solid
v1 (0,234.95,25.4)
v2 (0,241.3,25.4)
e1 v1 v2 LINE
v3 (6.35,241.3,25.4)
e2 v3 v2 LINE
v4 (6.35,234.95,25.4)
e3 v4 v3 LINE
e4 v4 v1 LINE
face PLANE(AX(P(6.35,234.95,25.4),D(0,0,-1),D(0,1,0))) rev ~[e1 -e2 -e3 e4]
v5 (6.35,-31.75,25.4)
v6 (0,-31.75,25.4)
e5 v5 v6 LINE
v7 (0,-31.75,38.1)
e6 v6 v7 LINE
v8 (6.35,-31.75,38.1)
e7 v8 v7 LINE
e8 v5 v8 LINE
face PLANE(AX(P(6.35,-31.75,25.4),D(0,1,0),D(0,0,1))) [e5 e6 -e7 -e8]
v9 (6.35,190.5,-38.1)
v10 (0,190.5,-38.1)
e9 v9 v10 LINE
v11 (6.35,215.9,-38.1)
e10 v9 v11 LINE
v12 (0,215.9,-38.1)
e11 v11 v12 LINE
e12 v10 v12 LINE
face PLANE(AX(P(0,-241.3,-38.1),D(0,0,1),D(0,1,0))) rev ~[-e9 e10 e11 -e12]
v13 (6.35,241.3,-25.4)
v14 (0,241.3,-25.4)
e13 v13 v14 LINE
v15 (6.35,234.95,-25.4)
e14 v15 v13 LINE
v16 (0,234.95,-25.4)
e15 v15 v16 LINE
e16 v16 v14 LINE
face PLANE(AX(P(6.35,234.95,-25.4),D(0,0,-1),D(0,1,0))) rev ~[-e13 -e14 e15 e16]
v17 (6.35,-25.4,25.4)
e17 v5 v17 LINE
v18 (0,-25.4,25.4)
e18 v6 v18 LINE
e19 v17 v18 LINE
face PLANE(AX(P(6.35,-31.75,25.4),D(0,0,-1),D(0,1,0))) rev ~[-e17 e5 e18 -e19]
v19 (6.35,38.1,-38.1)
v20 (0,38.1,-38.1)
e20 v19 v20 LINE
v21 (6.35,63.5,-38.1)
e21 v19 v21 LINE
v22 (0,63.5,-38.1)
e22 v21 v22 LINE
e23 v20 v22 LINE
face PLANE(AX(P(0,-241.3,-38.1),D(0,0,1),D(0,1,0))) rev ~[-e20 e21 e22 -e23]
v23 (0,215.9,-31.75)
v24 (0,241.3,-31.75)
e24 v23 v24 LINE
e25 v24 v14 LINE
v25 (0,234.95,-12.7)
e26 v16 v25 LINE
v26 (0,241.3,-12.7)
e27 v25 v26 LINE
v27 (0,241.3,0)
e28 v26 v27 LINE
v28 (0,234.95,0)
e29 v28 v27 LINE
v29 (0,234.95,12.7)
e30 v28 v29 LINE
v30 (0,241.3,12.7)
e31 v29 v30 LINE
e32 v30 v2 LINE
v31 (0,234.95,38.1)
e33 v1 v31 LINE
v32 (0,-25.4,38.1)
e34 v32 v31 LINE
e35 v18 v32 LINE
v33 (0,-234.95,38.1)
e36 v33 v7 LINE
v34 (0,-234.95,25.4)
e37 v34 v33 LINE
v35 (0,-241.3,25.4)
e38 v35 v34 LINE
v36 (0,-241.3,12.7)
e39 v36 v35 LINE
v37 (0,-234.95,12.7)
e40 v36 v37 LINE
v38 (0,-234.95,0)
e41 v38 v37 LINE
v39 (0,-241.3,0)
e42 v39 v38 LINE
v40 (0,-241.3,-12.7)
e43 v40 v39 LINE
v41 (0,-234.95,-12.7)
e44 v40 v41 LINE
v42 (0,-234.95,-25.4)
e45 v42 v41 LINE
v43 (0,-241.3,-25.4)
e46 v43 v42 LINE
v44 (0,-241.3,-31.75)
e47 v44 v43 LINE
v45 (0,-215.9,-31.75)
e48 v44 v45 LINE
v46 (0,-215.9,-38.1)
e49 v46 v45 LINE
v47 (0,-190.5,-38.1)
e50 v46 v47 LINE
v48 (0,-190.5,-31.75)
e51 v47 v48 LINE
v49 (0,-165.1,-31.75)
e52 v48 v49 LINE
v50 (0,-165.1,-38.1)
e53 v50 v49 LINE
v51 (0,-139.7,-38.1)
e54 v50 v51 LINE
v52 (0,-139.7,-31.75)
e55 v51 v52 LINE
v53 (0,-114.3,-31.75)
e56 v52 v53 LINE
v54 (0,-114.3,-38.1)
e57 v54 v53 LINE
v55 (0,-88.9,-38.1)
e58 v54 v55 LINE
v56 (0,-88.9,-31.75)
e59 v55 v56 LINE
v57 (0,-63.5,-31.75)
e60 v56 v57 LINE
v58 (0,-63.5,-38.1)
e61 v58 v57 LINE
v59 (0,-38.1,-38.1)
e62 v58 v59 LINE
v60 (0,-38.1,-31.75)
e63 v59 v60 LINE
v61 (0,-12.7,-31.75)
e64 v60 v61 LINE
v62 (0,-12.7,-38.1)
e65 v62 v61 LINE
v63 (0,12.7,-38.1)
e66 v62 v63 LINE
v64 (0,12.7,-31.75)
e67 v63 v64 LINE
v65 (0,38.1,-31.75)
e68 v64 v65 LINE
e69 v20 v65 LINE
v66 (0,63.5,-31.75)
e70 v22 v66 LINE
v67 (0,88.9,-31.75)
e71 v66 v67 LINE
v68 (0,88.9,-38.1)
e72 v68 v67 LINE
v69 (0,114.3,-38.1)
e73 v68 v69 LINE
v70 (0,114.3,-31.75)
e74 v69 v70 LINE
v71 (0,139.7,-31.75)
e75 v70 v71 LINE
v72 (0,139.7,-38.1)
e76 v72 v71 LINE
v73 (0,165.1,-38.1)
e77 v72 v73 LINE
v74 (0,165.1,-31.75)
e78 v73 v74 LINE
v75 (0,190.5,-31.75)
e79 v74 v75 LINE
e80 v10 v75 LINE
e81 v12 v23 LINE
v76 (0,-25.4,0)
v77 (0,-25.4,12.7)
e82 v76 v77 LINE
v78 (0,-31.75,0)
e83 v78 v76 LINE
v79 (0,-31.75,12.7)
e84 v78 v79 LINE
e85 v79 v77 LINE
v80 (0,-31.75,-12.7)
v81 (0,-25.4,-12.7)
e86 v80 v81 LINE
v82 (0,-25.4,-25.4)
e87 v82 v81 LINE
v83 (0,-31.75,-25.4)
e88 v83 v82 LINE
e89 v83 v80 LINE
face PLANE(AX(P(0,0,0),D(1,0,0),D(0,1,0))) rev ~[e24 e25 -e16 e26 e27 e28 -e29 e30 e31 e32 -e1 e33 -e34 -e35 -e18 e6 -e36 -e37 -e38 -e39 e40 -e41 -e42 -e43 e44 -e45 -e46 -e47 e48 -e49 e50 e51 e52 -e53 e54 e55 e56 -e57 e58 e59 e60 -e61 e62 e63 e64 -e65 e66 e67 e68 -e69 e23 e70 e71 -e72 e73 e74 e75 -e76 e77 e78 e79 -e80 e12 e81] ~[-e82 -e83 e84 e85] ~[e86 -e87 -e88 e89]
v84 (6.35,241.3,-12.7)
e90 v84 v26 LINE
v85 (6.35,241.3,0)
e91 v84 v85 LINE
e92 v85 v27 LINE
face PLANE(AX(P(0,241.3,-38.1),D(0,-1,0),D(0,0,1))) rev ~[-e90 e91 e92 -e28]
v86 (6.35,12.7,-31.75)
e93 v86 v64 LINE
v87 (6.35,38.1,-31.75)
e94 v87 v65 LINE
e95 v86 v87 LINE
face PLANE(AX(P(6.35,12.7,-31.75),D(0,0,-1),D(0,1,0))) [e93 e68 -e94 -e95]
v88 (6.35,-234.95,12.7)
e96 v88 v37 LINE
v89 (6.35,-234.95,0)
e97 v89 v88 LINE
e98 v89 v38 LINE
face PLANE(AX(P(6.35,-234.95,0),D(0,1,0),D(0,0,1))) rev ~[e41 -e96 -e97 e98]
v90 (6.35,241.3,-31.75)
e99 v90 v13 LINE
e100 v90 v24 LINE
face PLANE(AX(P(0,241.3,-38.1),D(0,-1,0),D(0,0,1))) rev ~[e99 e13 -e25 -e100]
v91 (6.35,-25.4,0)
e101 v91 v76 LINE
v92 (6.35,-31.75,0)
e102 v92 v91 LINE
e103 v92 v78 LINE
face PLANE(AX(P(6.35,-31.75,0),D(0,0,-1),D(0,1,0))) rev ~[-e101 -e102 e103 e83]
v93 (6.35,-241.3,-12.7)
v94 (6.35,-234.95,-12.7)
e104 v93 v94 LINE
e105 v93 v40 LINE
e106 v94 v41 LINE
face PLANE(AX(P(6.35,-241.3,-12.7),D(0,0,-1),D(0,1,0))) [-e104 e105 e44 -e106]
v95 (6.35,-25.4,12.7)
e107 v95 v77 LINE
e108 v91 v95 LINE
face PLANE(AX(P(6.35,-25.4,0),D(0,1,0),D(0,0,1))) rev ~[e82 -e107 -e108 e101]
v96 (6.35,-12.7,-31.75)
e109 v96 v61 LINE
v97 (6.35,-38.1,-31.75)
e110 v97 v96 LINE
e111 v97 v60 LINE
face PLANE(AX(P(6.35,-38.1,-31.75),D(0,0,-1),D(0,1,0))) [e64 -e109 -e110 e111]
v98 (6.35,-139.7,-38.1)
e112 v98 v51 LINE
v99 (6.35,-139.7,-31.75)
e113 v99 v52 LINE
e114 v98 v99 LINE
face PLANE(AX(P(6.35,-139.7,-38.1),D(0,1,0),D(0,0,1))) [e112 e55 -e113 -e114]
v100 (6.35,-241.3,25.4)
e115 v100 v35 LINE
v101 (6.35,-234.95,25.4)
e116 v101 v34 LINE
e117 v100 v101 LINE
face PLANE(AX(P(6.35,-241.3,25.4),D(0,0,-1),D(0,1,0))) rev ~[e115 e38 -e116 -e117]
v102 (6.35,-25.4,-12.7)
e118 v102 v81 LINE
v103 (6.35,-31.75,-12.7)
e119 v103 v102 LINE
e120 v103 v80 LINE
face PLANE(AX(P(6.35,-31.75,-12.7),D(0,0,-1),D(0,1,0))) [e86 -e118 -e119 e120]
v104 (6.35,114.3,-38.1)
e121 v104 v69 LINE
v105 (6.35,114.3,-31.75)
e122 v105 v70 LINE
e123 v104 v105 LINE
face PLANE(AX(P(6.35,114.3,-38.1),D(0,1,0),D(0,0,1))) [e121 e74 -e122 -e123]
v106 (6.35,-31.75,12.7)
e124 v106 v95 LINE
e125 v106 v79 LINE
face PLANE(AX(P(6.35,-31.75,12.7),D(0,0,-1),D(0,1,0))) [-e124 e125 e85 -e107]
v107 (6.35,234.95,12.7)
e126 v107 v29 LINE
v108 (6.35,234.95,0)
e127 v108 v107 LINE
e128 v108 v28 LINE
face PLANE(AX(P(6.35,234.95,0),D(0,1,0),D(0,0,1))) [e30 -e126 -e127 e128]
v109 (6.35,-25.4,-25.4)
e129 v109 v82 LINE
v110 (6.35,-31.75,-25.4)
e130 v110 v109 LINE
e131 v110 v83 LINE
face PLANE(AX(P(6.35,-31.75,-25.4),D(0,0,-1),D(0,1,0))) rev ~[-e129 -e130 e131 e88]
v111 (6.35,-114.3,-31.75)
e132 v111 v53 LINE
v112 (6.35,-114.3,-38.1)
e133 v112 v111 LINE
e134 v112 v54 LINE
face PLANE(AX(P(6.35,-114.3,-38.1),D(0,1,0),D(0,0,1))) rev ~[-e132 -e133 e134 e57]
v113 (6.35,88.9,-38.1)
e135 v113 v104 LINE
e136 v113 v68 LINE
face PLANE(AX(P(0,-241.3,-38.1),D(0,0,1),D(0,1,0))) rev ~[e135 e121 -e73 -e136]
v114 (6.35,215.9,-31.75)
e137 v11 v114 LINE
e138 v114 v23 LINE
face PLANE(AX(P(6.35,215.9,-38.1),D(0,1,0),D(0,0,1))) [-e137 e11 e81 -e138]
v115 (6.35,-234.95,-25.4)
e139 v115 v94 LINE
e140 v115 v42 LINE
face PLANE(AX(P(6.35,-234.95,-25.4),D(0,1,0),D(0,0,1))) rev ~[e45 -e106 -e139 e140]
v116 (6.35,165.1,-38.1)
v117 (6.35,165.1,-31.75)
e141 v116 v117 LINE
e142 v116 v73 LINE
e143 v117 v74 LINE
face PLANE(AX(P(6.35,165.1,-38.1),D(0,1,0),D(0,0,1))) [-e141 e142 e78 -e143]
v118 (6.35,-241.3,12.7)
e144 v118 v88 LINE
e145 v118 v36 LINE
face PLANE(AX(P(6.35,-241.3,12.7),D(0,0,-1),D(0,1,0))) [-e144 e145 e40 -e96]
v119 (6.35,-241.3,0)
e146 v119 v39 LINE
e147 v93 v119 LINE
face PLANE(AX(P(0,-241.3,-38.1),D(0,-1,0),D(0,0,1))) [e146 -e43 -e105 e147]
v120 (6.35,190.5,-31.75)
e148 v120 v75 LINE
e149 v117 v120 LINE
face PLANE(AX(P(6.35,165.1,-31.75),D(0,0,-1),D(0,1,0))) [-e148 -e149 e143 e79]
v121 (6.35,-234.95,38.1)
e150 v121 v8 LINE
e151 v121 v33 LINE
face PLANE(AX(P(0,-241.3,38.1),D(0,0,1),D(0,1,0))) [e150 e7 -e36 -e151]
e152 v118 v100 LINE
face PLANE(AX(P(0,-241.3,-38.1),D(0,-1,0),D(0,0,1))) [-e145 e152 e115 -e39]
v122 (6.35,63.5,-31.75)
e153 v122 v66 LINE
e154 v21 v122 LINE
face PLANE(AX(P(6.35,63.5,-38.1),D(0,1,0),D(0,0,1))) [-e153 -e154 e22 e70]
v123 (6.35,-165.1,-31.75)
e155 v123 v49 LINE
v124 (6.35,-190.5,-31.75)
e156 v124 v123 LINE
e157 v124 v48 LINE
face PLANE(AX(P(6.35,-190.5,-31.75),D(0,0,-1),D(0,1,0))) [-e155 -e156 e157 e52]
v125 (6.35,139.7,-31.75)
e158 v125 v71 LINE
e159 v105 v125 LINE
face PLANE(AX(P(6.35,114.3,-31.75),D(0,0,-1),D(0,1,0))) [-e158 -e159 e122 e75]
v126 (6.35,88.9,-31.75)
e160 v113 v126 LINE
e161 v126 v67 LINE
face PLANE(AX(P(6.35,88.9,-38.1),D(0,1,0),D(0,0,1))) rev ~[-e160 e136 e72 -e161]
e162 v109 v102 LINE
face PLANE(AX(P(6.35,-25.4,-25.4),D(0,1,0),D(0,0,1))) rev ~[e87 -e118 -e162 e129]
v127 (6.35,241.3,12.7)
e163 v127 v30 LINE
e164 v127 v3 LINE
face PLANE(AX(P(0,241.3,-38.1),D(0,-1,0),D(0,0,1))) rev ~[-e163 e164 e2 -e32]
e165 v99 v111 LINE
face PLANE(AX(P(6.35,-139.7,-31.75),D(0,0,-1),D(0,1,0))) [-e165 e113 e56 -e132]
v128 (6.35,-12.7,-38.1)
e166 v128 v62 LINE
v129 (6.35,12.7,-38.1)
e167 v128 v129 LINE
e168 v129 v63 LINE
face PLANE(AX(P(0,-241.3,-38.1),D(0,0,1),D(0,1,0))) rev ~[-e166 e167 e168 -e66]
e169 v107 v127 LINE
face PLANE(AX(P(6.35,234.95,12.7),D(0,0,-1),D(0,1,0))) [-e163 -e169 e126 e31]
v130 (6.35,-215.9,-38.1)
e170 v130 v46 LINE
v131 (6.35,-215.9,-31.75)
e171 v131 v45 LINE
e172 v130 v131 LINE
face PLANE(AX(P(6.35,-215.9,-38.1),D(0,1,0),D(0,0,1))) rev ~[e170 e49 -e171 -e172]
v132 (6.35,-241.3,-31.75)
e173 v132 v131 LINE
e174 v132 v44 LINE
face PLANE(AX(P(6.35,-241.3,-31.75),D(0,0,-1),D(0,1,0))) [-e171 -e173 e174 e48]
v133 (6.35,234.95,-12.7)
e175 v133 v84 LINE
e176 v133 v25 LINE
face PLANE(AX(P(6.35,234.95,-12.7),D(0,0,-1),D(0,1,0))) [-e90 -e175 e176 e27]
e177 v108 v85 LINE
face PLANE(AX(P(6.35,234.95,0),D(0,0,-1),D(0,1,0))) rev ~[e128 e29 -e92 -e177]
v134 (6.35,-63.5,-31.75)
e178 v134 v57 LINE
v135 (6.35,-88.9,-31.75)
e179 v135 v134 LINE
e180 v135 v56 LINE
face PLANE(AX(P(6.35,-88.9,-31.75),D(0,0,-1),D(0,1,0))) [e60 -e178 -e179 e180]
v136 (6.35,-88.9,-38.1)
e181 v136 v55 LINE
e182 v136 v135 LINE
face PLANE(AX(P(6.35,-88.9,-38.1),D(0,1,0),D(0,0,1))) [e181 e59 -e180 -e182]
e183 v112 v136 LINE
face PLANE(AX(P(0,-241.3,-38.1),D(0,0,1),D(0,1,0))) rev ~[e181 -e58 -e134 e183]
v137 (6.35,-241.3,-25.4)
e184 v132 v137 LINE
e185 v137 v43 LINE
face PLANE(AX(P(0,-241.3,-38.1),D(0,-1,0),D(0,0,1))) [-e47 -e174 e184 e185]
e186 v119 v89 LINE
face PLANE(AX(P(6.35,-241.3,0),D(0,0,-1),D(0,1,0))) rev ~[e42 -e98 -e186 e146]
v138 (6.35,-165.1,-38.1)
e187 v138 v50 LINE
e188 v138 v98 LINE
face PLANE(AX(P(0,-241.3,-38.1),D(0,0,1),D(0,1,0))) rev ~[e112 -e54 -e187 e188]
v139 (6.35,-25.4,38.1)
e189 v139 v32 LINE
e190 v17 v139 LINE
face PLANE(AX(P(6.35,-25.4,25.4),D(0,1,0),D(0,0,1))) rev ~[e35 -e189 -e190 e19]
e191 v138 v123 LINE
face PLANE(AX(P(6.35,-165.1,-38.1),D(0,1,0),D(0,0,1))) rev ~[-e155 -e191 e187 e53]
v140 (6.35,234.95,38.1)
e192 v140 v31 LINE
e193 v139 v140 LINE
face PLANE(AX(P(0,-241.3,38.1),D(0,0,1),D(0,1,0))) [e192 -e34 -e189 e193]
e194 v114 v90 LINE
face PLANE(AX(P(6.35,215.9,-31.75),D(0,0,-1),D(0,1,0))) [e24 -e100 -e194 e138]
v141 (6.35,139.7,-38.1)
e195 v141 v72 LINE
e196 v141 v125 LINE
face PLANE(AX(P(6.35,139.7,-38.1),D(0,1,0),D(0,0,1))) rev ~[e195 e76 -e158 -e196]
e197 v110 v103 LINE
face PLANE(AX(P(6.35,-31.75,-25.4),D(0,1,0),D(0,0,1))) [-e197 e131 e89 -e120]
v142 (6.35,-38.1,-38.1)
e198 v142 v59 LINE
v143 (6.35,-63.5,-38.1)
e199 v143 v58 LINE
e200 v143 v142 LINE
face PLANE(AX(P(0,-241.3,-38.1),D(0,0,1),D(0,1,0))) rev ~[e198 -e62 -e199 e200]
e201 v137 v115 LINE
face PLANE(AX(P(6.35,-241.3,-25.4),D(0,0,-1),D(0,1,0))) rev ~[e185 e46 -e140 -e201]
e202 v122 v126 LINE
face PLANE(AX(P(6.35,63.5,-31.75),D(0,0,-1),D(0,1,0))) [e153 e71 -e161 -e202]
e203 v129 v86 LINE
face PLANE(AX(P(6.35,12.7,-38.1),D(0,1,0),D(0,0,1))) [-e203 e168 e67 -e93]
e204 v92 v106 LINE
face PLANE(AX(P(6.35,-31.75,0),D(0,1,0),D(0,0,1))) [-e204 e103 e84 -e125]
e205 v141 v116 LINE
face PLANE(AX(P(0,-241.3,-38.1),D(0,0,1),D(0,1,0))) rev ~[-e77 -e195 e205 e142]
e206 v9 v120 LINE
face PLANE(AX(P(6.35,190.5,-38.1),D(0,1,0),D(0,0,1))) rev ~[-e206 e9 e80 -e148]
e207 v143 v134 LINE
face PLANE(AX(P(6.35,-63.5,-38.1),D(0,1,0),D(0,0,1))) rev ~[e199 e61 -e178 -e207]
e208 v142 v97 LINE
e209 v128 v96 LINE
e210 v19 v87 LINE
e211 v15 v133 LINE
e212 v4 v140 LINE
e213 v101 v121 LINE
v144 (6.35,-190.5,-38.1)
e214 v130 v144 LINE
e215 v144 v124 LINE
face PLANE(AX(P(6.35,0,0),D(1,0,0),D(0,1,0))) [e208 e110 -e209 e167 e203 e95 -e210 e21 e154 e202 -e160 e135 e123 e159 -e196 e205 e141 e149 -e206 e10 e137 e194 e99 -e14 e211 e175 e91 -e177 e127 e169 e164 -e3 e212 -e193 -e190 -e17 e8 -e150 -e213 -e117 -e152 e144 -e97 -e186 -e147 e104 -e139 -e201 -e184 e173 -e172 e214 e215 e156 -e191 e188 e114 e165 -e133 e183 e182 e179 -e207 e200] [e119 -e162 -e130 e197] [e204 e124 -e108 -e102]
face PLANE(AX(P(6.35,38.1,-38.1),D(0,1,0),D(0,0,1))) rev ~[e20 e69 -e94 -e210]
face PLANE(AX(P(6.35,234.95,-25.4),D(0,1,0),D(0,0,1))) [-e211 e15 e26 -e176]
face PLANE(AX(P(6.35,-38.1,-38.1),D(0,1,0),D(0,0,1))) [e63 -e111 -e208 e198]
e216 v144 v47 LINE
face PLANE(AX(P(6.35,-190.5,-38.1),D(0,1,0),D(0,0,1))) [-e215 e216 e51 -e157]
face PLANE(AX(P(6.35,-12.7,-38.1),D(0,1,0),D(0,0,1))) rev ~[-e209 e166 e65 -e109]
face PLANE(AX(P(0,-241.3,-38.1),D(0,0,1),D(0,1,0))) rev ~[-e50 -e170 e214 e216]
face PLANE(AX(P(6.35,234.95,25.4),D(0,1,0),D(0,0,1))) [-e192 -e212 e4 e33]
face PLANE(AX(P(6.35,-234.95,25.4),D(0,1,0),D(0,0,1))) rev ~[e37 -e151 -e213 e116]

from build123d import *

# Parameters (mm, degrees)
F0_W     = 482.6
F0_H     = 76.2
F1_DEPTH = 6.35
F2_W     = 25.4
F2_H     = 6.35
F3_DEPTH = 6.35
F4_W     = 6.35
F4_H     = 12.7
F5_DEPTH = 6.35


with BuildPart() as f1:
    # F0 (on Right) → F1 (new body)
    with BuildSketch(Plane.YZ):
        Rectangle(F0_W, F0_H)
    extrude(amount=F1_DEPTH)

    # F2 (on face) → F3 (cut, through all)
    with BuildSketch(Plane.YZ.offset(6.35)):
        with Locations((-228.6, -34.925)):
            Rectangle(F2_W, F2_H)
        with Locations((-177.8, -34.925)):
            Rectangle(F2_W, F2_H)
        with Locations((-127, -34.925)):
            Rectangle(F2_W, F2_H)
        with Locations((-76.2, -34.925)):
            Rectangle(F2_W, F2_H)
        with Locations((-25.4, -34.925)):
            Rectangle(F2_W, F2_H)
        with Locations((25.4, -34.925)):
            Rectangle(F2_W, F2_H)
        with Locations((76.2, -34.925)):
            Rectangle(F2_W, F2_H)
        with Locations((127, -34.925)):
            Rectangle(F2_W, F2_H)
        with Locations((177.8, -34.925)):
            Rectangle(F2_W, F2_H)
        with Locations((228.6, -34.925)):
            Rectangle(F2_W, F2_H)
    extrude(amount=-F3_DEPTH, mode=Mode.SUBTRACT)

    # F4 (on face) → F5 (cut, through all)
    with BuildSketch(Plane.YZ.offset(6.35)):
        with Locations((-238.125, 31.75)):
            Rectangle(F4_W, F4_H)
        with Locations((-238.125, 6.35)):
            Rectangle(F4_W, F4_H)
        with Locations((-238.125, -19.05)):
            Rectangle(F4_W, F4_H)
        with Locations((-28.575, 31.75)):
            Rectangle(F4_W, F4_H)
        with Locations((-28.575, 6.35)):
            Rectangle(F4_W, F4_H)
        with Locations((-28.575, -19.05)):
            Rectangle(F4_W, F4_H)
        with Locations((238.125, 31.75)):
            Rectangle(F4_W, F4_H)
        with Locations((238.125, 6.35)):
            Rectangle(F4_W, F4_H)
        with Locations((238.125, -19.05)):
            Rectangle(F4_W, F4_H)
    extrude(amount=-F5_DEPTH, mode=Mode.SUBTRACT)


solid = f1.part
